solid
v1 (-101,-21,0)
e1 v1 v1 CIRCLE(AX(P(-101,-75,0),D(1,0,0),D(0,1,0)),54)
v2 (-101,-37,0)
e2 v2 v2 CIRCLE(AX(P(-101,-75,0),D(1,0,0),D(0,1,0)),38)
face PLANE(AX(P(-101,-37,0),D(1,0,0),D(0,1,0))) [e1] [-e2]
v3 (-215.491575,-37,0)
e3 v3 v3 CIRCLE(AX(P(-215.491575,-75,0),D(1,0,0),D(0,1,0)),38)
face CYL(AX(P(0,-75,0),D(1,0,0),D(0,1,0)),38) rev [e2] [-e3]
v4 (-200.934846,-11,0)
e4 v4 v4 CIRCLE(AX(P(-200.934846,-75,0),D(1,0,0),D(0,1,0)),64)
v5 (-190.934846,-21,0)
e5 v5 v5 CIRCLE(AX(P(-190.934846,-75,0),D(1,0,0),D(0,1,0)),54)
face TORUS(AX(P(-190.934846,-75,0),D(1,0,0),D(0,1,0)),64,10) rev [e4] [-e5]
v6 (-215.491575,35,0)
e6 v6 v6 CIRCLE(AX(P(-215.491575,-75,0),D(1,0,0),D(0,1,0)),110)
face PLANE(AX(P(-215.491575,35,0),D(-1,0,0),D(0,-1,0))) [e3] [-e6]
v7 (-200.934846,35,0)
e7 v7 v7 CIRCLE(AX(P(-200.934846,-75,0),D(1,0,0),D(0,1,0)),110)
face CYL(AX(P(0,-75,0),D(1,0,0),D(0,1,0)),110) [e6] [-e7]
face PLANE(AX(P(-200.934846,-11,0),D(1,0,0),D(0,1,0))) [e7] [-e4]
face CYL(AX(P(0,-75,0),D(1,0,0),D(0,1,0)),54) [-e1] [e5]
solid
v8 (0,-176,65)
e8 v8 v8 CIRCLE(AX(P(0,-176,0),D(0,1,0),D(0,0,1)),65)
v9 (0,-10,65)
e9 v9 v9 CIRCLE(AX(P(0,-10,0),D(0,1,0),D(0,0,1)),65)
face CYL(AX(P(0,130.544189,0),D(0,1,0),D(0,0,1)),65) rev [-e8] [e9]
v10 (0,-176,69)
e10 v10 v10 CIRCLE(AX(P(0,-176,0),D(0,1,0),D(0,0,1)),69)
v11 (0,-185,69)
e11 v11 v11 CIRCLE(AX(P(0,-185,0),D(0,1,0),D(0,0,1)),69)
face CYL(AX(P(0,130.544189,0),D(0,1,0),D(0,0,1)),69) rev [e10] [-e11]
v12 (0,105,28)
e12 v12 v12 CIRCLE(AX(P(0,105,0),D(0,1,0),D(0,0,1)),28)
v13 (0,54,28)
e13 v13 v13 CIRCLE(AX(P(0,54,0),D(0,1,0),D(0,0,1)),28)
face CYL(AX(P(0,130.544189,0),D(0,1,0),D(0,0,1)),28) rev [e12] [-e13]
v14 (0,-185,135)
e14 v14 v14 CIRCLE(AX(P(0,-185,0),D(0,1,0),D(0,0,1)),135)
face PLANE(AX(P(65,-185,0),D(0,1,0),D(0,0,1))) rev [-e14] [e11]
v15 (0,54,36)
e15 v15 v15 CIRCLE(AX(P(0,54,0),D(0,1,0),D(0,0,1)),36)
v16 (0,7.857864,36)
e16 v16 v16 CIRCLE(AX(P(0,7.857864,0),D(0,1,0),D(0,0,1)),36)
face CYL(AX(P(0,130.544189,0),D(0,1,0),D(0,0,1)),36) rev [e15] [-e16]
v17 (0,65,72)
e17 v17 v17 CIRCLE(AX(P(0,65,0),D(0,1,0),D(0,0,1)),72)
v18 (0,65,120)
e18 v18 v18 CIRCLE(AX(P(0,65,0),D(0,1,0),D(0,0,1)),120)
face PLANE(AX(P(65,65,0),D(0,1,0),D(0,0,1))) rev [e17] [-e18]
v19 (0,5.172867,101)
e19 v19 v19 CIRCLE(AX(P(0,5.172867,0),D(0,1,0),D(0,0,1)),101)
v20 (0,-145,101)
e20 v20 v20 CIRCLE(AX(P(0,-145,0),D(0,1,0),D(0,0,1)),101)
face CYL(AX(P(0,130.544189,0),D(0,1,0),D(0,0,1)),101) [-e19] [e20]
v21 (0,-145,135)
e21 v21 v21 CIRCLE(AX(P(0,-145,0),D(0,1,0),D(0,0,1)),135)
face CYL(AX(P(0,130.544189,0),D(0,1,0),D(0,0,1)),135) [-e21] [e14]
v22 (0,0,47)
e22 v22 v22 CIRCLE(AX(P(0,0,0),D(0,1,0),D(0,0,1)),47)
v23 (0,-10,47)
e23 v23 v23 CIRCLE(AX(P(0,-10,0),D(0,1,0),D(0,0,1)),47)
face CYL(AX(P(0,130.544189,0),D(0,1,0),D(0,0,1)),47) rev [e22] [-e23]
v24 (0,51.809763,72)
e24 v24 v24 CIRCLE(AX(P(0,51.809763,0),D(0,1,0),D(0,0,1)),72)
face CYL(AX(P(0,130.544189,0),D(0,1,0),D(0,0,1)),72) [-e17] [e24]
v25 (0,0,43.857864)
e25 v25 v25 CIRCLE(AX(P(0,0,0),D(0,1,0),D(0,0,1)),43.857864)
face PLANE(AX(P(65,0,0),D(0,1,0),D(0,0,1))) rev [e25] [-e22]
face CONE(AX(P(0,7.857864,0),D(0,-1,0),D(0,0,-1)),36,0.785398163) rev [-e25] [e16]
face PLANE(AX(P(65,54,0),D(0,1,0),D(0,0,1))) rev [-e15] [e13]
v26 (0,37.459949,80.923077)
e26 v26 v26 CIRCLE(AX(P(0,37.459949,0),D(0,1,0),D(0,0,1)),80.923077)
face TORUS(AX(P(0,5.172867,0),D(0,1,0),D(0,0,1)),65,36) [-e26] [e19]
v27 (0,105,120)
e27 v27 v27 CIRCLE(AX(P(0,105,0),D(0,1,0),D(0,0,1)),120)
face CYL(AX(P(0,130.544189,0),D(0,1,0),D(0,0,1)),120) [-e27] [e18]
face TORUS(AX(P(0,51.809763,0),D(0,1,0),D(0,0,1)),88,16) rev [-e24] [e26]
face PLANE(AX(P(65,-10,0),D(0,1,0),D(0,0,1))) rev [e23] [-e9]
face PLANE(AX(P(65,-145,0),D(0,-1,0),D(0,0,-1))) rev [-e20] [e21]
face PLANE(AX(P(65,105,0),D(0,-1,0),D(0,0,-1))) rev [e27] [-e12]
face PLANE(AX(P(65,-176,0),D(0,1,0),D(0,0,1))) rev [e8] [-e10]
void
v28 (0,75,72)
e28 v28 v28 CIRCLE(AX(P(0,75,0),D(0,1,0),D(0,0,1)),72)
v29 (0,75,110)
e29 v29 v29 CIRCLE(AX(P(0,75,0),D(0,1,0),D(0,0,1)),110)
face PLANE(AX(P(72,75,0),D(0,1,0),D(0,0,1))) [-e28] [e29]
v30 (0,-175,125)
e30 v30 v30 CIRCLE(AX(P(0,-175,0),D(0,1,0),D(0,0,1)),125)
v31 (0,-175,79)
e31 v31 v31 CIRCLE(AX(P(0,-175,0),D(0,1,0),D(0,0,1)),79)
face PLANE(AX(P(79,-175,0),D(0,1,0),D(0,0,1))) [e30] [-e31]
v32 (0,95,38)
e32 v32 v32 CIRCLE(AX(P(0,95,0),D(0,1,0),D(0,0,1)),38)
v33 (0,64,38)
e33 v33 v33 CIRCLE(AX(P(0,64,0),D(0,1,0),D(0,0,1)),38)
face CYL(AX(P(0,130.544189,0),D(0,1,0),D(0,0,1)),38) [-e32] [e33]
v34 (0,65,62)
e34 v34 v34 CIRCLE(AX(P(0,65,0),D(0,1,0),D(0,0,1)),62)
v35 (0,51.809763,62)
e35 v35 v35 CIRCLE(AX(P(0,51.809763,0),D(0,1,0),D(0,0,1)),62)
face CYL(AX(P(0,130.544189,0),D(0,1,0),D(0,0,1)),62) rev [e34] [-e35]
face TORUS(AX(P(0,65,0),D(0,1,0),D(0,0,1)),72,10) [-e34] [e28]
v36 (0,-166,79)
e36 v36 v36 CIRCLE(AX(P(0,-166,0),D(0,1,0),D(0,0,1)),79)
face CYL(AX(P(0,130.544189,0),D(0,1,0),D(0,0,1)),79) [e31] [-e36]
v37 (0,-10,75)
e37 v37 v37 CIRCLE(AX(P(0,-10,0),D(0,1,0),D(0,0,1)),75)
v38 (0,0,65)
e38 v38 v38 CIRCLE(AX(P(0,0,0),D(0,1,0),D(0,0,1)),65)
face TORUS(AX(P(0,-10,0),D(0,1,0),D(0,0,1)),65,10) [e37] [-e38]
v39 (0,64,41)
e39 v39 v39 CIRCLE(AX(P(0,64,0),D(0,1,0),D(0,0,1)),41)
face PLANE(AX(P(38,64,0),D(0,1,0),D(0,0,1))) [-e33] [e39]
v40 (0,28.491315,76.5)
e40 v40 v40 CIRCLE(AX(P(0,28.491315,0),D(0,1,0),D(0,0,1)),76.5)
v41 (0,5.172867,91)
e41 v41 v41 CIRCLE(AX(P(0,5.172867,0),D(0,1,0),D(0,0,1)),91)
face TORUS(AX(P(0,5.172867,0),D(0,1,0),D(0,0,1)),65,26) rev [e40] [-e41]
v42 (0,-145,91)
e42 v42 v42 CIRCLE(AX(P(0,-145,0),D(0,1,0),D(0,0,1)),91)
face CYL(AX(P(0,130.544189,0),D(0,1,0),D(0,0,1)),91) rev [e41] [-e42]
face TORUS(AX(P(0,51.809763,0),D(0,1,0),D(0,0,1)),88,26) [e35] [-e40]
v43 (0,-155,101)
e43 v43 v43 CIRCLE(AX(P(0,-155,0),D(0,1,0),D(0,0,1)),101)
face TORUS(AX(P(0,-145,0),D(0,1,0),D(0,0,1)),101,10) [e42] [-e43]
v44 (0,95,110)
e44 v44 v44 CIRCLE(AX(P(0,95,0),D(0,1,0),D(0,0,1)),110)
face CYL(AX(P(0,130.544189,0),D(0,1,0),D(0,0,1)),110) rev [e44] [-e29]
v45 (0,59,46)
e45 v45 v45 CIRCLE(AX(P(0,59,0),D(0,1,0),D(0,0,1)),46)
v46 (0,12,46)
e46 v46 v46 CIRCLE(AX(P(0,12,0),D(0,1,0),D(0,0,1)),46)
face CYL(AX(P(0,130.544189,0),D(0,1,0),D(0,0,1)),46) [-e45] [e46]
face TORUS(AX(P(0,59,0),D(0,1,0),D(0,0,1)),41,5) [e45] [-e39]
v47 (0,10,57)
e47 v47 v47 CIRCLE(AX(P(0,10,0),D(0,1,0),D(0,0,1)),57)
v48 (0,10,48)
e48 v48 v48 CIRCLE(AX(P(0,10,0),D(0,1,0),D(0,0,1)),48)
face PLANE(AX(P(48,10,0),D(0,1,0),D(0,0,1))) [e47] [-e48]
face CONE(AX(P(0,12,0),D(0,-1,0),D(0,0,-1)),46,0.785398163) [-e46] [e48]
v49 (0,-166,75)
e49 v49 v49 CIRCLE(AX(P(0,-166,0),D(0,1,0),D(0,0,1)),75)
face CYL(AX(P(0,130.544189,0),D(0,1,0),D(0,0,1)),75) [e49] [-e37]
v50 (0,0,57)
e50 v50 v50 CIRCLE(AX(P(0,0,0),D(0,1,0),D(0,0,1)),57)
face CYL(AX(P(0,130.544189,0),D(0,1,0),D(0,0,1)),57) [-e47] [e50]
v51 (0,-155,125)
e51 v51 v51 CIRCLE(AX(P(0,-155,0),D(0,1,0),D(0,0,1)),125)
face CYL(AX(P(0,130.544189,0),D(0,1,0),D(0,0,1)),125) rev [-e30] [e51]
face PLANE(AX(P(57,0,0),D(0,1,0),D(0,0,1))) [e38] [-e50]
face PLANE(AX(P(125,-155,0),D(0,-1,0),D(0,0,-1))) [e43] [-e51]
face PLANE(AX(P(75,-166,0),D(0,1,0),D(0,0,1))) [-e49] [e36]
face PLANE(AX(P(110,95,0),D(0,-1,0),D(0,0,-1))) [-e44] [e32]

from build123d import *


with BuildPart() as part:
    # Sketch1 → Revolve-Thin2 (revolve)
    with BuildSketch(Plane.XY):
        with BuildLine():
            Line((101, -145), (101, 5.17286724))
            ThreePointArc((101, 5.17286724), (95.571479922, 24.182986003), (80.923076923, 37.459948578))
            ThreePointArc((80.923076923, 37.459948578), (74.41267559, 43.360820833), (72, 51.809762506))
            Line((72, 51.809762506), (72, 65))
            Line((72, 65), (120, 65))
            Line((120, 65), (120, 105))
            Line((120, 105), (28, 105))
            Line((28, 105), (28, 54))
            Line((28, 54), (36, 54))
            Line((36, 54), (36, 7.857864376))
            Line((36, 7.857864376), (43.857864376, 0))
            Line((43.857864376, 0), (47, 0))
            Line((47, 0), (47, -10))
            Line((47, -10), (65, -10))
            Line((65, -10), (65, -176))
            Line((65, -176), (69, -176))
            Line((69, -176), (69, -185))
            Line((69, -185), (135, -185))
            Line((135, -185), (135, -145))
            Line((135, -145), (101, -145))
        make_face()
        with BuildLine():
            Line((91, -145), (91, 5.17286724))
            ThreePointArc((91, 5.17286724), (87.079402166, 18.902397458), (76.5, 28.491314873))
            ThreePointArc((76.5, 28.491314873), (65.920597834, 38.080232288), (62, 51.809762506))
            Line((62, 51.809762506), (62, 65))
            ThreePointArc((62, 65), (64.928932188, 72.071067812), (72, 75))
            Line((72, 75), (110, 75))
            Line((110, 75), (110, 95))
            Line((110, 95), (38, 95))
            Line((38, 95), (38, 64))
            Line((38, 64), (41, 64))
            ThreePointArc((41, 64), (44.535533906, 62.535533906), (46, 59))
            Line((46, 59), (46, 12))
            Line((46, 12), (48, 10))
            Line((48, 10), (57, 10))
            Line((57, 10), (57, 0))
            Line((57, 0), (65, 0))
            ThreePointArc((65, 0), (72.071067812, -2.928932188), (75, -10))
            Line((75, -10), (75, -166))
            Line((75, -166), (79, -166))
            Line((79, -166), (79, -175))
            Line((79, -175), (125, -175))
            Line((125, -175), (125, -155))
            Line((125, -155), (101, -155))
            ThreePointArc((101, -155), (93.928932188, -152.071067812), (91, -145))
        make_face(mode=Mode.SUBTRACT)
    revolve(axis=Axis((0, 130.544189359, 0), (0, -1, 0)))


with BuildPart() as body_2:
    # Sketch5 → Revolve1 (revolve)
    with BuildSketch(Plane.XY):
        with BuildLine():
            Line((-215.491575166, 35), (-215.491575166, -37))
            Line((-215.491575166, -37), (-101, -37))
            Line((-101, -37), (-101, -21))
            Line((-101, -21), (-190.934846325, -21))
            ThreePointArc((-190.934846325, -21), (-198.005914137, -18.071067812), (-200.934846325, -11))
            Line((-200.934846325, -11), (-200.934846325, 35))
            Line((-200.934846325, 35), (-215.491575166, 35))
        make_face()
    revolve(axis=Axis((0, -75, 0), (-1, 0, 0)))


solid = Compound([part.part, body_2.part])
